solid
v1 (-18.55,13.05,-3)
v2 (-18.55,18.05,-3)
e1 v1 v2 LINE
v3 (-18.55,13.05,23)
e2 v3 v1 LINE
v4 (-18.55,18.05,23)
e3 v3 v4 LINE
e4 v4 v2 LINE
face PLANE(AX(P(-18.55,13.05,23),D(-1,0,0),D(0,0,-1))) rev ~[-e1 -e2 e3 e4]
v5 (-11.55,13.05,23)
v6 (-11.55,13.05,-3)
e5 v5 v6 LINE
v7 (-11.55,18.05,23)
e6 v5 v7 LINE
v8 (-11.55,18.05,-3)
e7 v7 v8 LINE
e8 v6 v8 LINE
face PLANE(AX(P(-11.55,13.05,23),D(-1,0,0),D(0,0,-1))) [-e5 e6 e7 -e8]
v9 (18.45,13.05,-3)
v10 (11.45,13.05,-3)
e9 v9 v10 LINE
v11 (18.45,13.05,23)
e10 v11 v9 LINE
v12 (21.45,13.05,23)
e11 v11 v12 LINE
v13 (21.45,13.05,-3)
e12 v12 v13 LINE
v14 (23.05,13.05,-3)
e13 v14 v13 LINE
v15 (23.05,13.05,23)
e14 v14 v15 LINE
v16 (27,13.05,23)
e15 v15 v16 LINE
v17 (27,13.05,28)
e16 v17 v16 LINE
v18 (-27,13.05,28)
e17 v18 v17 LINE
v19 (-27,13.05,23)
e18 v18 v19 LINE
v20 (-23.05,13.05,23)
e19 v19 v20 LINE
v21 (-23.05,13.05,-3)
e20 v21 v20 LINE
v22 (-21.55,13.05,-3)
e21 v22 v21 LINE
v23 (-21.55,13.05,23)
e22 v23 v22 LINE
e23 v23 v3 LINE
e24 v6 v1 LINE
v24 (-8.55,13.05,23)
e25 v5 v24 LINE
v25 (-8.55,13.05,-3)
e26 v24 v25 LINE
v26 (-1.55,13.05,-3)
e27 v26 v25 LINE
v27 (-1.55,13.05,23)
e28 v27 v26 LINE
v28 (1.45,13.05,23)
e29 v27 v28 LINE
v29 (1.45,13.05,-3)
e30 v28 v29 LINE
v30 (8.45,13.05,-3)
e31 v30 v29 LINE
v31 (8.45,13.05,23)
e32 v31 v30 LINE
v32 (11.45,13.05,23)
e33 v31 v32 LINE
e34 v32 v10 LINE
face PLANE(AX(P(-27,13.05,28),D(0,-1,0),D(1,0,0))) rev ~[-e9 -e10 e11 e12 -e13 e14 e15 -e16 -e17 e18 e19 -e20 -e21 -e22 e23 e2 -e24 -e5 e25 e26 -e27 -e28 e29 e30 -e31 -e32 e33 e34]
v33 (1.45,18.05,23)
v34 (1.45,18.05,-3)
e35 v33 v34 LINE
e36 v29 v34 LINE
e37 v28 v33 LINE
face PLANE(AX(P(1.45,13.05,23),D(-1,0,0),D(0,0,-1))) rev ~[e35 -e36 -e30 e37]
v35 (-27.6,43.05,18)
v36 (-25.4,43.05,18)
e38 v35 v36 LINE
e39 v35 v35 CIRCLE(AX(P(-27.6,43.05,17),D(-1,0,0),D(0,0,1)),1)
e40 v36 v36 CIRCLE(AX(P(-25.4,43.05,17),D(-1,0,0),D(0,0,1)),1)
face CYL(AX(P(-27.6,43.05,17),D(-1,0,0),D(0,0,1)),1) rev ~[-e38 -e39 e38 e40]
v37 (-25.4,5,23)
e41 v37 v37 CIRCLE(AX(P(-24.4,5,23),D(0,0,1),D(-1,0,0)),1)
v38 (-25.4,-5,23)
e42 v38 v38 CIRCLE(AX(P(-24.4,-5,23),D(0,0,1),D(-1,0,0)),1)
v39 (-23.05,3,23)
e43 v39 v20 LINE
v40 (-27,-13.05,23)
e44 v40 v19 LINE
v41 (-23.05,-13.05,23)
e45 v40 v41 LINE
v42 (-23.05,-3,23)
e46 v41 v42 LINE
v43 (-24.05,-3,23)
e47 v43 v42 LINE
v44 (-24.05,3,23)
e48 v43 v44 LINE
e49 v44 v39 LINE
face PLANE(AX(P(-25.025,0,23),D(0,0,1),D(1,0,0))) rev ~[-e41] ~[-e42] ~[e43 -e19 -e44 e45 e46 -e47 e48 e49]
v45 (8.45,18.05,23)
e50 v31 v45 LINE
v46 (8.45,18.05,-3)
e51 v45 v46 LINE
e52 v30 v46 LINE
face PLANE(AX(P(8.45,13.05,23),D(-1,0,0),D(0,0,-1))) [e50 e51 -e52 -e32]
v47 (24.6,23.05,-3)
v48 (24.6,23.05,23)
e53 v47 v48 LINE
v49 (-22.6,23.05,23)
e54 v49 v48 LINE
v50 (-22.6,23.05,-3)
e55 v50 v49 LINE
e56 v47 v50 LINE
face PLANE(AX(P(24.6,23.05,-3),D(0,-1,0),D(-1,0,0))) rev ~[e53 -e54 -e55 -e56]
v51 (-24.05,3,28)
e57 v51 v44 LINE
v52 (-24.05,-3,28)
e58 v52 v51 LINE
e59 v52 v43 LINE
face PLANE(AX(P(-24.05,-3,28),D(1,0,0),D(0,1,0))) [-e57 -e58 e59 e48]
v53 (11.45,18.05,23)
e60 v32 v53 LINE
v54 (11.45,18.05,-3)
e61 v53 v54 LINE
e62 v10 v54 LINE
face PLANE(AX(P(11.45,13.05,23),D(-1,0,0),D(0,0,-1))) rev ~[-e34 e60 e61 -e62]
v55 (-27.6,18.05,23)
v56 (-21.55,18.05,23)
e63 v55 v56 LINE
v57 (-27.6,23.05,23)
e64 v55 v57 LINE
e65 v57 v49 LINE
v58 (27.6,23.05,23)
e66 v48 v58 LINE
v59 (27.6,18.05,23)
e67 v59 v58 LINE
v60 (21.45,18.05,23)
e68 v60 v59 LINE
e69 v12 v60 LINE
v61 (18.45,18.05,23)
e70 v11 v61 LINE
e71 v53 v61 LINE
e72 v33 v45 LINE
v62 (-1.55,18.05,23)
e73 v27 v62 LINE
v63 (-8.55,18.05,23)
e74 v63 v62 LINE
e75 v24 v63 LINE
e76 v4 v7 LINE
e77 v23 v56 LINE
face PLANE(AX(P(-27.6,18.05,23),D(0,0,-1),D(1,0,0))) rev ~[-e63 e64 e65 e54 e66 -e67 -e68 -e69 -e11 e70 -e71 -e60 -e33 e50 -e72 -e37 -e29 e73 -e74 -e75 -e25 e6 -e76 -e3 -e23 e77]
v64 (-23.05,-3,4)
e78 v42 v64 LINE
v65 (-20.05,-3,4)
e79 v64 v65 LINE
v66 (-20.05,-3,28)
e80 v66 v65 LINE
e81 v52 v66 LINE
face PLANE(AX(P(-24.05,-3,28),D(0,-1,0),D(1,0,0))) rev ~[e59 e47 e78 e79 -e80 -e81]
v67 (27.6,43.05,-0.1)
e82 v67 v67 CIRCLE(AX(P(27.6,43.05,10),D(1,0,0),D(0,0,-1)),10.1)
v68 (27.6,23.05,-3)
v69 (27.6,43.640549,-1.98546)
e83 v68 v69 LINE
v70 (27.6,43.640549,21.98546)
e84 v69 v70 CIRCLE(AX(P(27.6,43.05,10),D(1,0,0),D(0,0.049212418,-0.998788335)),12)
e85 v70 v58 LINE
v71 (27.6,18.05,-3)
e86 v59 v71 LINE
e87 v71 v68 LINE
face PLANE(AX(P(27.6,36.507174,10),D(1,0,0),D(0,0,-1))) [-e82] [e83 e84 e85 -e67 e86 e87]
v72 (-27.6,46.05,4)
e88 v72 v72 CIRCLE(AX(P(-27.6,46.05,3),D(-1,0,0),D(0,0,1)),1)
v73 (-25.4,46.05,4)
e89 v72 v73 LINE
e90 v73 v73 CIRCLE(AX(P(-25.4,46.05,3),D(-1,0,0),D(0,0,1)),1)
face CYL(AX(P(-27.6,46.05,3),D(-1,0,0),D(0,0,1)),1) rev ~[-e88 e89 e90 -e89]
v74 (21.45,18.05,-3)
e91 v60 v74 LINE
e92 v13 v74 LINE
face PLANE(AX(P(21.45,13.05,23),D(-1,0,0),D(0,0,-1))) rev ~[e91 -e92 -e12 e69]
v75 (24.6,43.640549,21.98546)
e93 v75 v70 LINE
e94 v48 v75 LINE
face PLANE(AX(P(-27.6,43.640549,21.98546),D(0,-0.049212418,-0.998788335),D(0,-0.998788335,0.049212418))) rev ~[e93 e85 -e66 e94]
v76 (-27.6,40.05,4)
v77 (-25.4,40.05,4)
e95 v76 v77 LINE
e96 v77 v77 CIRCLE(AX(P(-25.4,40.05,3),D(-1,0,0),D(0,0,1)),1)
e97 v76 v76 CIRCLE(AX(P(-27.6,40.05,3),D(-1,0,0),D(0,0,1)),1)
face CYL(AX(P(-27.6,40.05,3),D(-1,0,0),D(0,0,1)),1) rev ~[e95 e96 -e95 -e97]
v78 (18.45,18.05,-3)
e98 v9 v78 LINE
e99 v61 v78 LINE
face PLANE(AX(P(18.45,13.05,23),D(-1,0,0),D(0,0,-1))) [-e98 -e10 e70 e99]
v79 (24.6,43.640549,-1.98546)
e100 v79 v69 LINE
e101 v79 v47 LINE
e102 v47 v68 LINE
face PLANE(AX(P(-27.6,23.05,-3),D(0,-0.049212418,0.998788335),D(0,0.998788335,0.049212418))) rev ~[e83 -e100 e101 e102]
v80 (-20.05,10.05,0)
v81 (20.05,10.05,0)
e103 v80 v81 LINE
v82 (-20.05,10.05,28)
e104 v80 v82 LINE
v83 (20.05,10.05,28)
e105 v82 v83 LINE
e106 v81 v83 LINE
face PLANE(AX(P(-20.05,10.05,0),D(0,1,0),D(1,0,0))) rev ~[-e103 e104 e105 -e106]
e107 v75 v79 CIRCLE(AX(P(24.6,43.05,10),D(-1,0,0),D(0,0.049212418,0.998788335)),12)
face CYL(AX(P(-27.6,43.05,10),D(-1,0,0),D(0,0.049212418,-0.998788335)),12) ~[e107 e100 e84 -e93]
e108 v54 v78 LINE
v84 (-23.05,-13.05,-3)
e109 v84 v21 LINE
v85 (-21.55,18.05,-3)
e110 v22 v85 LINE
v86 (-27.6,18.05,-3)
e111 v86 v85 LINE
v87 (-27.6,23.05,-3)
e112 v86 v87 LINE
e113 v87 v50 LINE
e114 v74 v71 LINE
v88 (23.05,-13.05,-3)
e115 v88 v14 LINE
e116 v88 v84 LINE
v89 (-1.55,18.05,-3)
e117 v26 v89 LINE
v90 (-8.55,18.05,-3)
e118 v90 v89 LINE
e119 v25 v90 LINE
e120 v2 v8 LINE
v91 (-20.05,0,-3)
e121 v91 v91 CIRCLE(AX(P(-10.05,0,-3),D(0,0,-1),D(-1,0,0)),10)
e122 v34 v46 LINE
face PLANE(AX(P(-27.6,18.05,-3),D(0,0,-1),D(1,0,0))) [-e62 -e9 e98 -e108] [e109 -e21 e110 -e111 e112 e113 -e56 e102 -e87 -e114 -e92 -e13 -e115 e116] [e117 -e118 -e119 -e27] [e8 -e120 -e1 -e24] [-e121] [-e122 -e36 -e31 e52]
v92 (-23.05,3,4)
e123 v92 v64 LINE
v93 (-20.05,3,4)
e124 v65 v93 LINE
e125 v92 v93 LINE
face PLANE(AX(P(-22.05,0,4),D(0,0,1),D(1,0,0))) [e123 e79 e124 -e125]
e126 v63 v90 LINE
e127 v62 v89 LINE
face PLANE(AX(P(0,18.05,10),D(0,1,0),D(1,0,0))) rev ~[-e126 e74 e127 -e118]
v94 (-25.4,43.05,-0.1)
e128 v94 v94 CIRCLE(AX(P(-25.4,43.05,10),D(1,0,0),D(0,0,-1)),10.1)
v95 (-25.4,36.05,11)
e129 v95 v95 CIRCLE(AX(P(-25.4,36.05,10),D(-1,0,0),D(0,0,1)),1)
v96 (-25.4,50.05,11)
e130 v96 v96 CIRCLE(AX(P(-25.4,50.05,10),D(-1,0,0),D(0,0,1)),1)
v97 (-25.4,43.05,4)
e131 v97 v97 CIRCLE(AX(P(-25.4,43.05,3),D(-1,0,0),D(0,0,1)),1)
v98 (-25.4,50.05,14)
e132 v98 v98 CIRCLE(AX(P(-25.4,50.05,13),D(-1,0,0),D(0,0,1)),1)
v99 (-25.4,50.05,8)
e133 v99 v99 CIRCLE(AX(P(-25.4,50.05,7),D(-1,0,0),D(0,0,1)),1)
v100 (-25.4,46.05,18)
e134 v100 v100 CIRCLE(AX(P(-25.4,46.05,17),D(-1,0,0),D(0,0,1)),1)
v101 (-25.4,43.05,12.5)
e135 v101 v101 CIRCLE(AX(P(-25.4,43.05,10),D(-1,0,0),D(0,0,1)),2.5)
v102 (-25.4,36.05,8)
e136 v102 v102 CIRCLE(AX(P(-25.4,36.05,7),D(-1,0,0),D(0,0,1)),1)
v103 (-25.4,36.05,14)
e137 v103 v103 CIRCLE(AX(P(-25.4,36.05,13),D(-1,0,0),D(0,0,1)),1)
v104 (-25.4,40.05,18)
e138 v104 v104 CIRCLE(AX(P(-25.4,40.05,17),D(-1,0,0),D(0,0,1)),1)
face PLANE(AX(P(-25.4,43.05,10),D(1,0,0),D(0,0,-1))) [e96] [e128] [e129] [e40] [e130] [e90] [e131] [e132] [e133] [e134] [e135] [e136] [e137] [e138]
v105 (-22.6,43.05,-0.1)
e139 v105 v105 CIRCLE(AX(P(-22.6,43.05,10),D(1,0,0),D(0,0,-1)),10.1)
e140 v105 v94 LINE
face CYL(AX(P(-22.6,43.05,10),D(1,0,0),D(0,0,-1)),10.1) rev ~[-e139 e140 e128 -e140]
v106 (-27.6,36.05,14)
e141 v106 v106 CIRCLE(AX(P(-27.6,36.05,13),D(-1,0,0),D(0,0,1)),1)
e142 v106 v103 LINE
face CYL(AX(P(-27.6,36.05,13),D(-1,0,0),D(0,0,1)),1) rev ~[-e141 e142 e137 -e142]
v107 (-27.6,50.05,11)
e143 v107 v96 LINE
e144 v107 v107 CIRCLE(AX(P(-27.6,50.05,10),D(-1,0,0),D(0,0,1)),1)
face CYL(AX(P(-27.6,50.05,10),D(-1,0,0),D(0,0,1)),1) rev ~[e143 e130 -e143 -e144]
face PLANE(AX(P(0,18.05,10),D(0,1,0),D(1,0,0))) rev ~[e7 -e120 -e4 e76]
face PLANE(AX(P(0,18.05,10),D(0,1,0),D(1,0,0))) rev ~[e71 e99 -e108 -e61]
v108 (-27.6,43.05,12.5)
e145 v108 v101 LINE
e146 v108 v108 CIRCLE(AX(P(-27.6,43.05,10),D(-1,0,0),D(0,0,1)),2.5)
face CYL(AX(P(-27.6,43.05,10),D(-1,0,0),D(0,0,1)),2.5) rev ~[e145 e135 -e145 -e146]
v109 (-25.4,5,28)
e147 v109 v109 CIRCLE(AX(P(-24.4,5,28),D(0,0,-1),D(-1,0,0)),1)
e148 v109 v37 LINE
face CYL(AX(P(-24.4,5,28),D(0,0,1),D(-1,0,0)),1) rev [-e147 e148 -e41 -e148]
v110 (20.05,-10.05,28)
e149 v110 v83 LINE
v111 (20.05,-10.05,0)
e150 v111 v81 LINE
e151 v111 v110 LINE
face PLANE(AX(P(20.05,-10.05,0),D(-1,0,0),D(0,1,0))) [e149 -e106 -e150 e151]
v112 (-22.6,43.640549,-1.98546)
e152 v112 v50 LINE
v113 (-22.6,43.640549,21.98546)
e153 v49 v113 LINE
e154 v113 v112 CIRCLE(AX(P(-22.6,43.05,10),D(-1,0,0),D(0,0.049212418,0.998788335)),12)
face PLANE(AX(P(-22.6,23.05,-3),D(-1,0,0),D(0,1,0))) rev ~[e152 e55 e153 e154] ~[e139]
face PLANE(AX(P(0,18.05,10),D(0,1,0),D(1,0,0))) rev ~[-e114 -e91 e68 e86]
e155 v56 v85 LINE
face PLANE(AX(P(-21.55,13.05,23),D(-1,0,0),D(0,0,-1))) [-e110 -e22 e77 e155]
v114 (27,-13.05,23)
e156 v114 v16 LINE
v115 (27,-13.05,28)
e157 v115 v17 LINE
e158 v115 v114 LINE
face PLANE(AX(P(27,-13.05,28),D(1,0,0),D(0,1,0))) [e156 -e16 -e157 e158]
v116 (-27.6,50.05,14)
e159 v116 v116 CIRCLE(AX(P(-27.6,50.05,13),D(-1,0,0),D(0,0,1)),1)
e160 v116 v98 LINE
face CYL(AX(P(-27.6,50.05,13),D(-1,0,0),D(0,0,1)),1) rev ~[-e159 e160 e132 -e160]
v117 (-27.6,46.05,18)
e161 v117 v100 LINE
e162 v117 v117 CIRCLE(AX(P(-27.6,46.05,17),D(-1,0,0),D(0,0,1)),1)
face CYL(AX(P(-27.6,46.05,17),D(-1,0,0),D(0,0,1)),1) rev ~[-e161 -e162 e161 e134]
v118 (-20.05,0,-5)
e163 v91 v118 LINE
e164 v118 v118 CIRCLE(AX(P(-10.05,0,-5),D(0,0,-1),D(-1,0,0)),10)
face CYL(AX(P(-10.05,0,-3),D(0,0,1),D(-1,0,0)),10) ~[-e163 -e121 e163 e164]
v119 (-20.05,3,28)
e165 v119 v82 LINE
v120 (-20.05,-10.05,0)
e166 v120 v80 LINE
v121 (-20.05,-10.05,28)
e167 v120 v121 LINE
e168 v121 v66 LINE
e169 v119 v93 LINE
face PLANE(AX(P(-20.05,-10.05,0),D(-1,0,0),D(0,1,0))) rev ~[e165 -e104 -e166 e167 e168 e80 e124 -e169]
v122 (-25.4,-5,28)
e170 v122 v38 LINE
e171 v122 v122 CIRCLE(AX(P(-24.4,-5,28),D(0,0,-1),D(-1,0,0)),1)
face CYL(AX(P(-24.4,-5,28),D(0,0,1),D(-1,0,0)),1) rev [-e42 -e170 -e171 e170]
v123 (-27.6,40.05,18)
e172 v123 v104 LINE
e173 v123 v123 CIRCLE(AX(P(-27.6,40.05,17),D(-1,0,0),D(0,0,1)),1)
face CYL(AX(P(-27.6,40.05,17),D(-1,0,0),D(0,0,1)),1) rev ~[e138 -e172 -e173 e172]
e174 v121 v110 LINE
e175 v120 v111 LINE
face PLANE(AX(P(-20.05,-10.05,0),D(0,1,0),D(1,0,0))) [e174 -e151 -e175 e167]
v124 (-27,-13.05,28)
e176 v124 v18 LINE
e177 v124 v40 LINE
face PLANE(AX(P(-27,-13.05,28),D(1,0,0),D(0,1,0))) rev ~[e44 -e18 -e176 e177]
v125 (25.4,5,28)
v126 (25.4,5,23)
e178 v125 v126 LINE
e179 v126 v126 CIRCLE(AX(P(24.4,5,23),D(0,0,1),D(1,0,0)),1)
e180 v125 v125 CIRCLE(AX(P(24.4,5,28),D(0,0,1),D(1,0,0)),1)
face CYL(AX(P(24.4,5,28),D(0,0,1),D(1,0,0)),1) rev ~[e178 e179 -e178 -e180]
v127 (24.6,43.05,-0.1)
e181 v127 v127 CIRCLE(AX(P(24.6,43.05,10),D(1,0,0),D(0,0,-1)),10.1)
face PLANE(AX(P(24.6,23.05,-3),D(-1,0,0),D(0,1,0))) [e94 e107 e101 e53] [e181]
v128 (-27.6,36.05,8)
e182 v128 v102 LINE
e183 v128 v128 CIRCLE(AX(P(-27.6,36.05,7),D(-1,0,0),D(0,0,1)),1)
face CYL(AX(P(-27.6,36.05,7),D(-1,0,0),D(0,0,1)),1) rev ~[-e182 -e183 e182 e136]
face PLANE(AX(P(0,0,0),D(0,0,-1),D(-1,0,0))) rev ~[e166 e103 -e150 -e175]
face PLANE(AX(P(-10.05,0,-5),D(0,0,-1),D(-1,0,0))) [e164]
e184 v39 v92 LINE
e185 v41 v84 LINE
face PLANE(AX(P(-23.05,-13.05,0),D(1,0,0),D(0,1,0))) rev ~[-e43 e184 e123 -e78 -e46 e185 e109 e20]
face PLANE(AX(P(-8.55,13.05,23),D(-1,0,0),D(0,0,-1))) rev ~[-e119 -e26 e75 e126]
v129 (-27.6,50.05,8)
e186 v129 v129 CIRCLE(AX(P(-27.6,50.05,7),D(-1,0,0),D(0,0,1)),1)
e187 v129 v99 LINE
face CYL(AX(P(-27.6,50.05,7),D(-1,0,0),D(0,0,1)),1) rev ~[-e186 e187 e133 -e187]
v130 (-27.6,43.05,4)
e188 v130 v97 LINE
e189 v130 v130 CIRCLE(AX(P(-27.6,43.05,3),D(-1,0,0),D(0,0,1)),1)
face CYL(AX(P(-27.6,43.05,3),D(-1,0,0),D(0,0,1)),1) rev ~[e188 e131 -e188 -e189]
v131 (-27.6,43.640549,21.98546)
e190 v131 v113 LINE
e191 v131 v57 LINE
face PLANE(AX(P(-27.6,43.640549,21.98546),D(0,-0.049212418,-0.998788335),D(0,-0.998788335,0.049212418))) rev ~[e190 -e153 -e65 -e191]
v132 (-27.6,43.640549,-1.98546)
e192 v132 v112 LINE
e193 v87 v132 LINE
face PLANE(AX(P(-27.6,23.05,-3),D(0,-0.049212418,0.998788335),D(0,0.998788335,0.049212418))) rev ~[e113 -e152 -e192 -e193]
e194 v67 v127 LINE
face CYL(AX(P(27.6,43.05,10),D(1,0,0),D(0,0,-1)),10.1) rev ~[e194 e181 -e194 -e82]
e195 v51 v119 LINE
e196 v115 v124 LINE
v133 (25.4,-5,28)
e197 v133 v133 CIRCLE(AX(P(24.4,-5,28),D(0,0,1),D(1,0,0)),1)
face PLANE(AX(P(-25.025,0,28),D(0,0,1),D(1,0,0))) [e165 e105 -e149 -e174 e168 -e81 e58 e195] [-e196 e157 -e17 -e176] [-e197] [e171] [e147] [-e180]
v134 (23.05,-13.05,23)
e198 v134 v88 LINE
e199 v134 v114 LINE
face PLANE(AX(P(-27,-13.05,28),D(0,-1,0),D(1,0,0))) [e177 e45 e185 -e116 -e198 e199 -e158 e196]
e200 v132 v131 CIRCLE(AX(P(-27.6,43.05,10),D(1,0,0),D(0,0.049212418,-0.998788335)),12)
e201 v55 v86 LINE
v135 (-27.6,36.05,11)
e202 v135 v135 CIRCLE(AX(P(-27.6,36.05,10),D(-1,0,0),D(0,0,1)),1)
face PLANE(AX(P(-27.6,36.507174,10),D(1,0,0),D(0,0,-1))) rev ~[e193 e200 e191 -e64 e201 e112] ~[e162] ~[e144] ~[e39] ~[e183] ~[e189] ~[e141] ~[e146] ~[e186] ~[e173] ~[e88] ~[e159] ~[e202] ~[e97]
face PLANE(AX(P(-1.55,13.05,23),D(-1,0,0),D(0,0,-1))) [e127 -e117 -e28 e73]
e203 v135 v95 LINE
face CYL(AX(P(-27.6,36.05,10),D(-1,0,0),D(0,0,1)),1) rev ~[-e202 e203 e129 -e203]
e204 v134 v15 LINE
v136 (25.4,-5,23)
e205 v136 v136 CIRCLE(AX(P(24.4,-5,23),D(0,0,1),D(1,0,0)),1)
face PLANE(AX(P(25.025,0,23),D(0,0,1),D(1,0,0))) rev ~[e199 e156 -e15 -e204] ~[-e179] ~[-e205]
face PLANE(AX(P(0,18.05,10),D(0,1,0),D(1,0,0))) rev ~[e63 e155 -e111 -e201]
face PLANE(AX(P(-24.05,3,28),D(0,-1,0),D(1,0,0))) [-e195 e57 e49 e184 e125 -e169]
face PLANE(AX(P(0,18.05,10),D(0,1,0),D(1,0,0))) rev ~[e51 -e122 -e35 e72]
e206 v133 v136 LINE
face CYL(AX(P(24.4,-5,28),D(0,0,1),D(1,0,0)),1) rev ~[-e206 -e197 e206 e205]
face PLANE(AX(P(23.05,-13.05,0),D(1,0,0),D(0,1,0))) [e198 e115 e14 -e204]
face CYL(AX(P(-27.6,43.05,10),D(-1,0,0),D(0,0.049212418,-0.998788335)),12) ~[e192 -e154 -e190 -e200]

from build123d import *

# Parameters (mm, degrees)
SKETCH1_W           = 46.1
SKETCH1_H           = 26.1
SKETCH1_W_2         = 40.1
SKETCH1_H_2         = 20.1
BOSS_EXTRUDE1_DEPTH = 28
SKETCH2_W           = 46.1
SKETCH2_H           = 26.1
BOSS_EXTRUDE2_DEPTH = 3
SKETCH3_W           = 3.95
SKETCH3_H           = 26.1
BOSS_EXTRUDE3_DEPTH = 5
SKETCH4_R           = 1
CUT_EXTRUDE1_DEPTH  = 13
SKETCH5_R           = 10
BOSS_EXTRUDE4_DEPTH = 2
SKETCH7_W           = 3
SKETCH7_H           = 26
BOSS_EXTRUDE5_DEPTH = 5
SKETCH8_W           = 55.2
SKETCH8_H           = 26
BOSS_EXTRUDE6_DEPTH = 5
BOSS_EXTRUDE7_DEPTH = 55.2
SKETCH12_R          = 2.5
SKETCH12_R_2        = 1
CUT_EXTRUDE2_DEPTH  = 13.2
SKETCH13_R          = 10.1
CUT_EXTRUDE3_DEPTH  = 13.2
SKETCH14_W          = 47.2
SKETCH14_H          = 32
CUT_EXTRUDE4_DEPTH  = 43.2
SKETCH15_R          = 10.1
CUT_EXTRUDE5_DEPTH  = 2.8
SKETCH16_W          = 4
SKETCH16_H          = 6
CUT_EXTRUDE6_DEPTH  = 24


with BuildPart() as part:
    # Sketch1 → Boss-Extrude1 (new body)
    with BuildSketch(Plane.XY):
        Rectangle(SKETCH1_W, SKETCH1_H)
        Rectangle(SKETCH1_W_2, SKETCH1_H_2, mode=Mode.SUBTRACT)
    extrude(amount=BOSS_EXTRUDE1_DEPTH)

    # Sketch2 → Boss-Extrude2 (add)
    with BuildSketch(Plane(origin=(0, 0, 0), x_dir=(-1, 0, 0), z_dir=(0, 0, -1))):
        Rectangle(SKETCH2_W, SKETCH2_H)
    extrude(amount=BOSS_EXTRUDE2_DEPTH)

    # Sketch3 → Boss-Extrude3 (add)
    with BuildSketch(Plane.XY.offset(28)):
        with Locations((-25.025, 0)):
            Rectangle(SKETCH3_W, SKETCH3_H)
        with Locations((25.025, 0)):
            Rectangle(SKETCH3_W, SKETCH3_H)
    extrude(amount=-BOSS_EXTRUDE3_DEPTH)

    # Sketch4 → Cut-Extrude1 (cut)
    with BuildSketch(Plane.XY.offset(28)):
        with Locations((24.4, 5)):
            Circle(SKETCH4_R)
        with Locations((24.4, -5)):
            Circle(SKETCH4_R)
    cut_extrude1 = extrude(amount=-CUT_EXTRUDE1_DEPTH, mode=Mode.SUBTRACT)

    # Mirror1: Cut-Extrude1 across plane
    add(cut_extrude1.mirror(Plane(origin=(0, 0, 0), x_dir=(0, 0, 1), z_dir=(1, 0, 0))), mode=Mode.SUBTRACT)

    # Sketch5 → Boss-Extrude4 (add)
    with BuildSketch(Plane(origin=(0, 0, -3), x_dir=(-1, 0, 0), z_dir=(0, 0, -1))):
        with Locations((10.05, 0)):
            Circle(SKETCH5_R)
    extrude(amount=BOSS_EXTRUDE4_DEPTH)

    # Sketch7 → Boss-Extrude5 (add)
    with BuildSketch(Plane(origin=(0, 13.05, 0), x_dir=(1, 0, 0), z_dir=(0, 1, 0))):
        with Locations((-20.05, -10)):
            Rectangle(SKETCH7_W, SKETCH7_H)
        with Locations((-10.05, -10)):
            Rectangle(SKETCH7_W, SKETCH7_H)
        with Locations((-0.05, -10)):
            Rectangle(SKETCH7_W, SKETCH7_H)
        with Locations((9.95, -10)):
            Rectangle(SKETCH7_W, SKETCH7_H)
        with Locations((19.95, -10)):
            Rectangle(SKETCH7_W, SKETCH7_H)
    extrude(amount=BOSS_EXTRUDE5_DEPTH)

    # Sketch8 → Boss-Extrude6 (add)
    with BuildSketch(Plane(origin=(0, 18.05, 0), x_dir=(1, 0, 0), z_dir=(0, 1, 0))):
        with Locations((0, -10)):
            Rectangle(SKETCH8_W, SKETCH8_H)
    extrude(amount=BOSS_EXTRUDE6_DEPTH)

    # Sketch9 → Boss-Extrude7 (add)
    with BuildSketch(Plane.ZY.offset(27.6)):
        with BuildLine():
            Line((-3, 23.05), (-1.985460019, 43.640549012))
            ThreePointArc((-1.985460019, 43.640549012), (10, 55.05), (21.985460019, 43.640549012))
            Line((21.985460019, 43.640549012), (23, 23.05))
            Line((23, 23.05), (-3, 23.05))
        make_face()
    extrude(amount=-BOSS_EXTRUDE7_DEPTH)

    # Sketch12 → Cut-Extrude2 (cut)
    with BuildSketch(Plane.ZY.offset(27.6)):
        with Locations((10, 43.05)):
            Circle(SKETCH12_R)
        with Locations((10, 50.05)):
            Circle(SKETCH12_R_2)
        with Locations((13, 50.05)):
            Circle(SKETCH12_R_2)
        with Locations((7, 50.05)):
            Circle(SKETCH12_R_2)
        with Locations((17, 46.05)):
            Circle(SKETCH12_R_2)
        with Locations((17, 43.05)):
            Circle(SKETCH12_R_2)
        with Locations((17, 40.05)):
            Circle(SKETCH12_R_2)
        with Locations((13, 36.05)):
            Circle(SKETCH12_R_2)
        with Locations((10, 36.05)):
            Circle(SKETCH12_R_2)
        with Locations((7, 36.05)):
            Circle(SKETCH12_R_2)
        with Locations((3, 40.05)):
            Circle(SKETCH12_R_2)
        with Locations((3, 43.05)):
            Circle(SKETCH12_R_2)
        with Locations((3, 46.05)):
            Circle(SKETCH12_R_2)
    extrude(amount=-CUT_EXTRUDE2_DEPTH, mode=Mode.SUBTRACT)

    # Sketch13 → Cut-Extrude3 (cut)
    with BuildSketch(Plane(origin=(27.6, 0, 0), x_dir=(0, 0, -1), z_dir=(1, 0, 0))):
        with Locations((-10, 43.05)):
            Circle(SKETCH13_R)
    extrude(amount=-CUT_EXTRUDE3_DEPTH, mode=Mode.SUBTRACT)

    # Sketch14 → Cut-Extrude4 (cut)
    with BuildSketch(Plane(origin=(0, 0, -3), x_dir=(-1, 0, 0), z_dir=(0, 0, -1))):
        with Locations((-1, 39.05)):
            Rectangle(SKETCH14_W, SKETCH14_H)
    extrude(amount=-CUT_EXTRUDE4_DEPTH, mode=Mode.SUBTRACT)

    # Sketch15 → Cut-Extrude5 (cut)
    with BuildSketch(Plane(origin=(-22.6, 0, 0), x_dir=(0, 0, -1), z_dir=(1, 0, 0))):
        with Locations((-10, 43.05)):
            Circle(SKETCH15_R)
    extrude(amount=-CUT_EXTRUDE5_DEPTH, mode=Mode.SUBTRACT)

    # Sketch16 → Cut-Extrude6 (cut)
    with BuildSketch(Plane.XY.offset(28)):
        with Locations((-22.05, 0)):
            Rectangle(SKETCH16_W, SKETCH16_H)
    extrude(amount=-CUT_EXTRUDE6_DEPTH, mode=Mode.SUBTRACT)


solid = part.part
